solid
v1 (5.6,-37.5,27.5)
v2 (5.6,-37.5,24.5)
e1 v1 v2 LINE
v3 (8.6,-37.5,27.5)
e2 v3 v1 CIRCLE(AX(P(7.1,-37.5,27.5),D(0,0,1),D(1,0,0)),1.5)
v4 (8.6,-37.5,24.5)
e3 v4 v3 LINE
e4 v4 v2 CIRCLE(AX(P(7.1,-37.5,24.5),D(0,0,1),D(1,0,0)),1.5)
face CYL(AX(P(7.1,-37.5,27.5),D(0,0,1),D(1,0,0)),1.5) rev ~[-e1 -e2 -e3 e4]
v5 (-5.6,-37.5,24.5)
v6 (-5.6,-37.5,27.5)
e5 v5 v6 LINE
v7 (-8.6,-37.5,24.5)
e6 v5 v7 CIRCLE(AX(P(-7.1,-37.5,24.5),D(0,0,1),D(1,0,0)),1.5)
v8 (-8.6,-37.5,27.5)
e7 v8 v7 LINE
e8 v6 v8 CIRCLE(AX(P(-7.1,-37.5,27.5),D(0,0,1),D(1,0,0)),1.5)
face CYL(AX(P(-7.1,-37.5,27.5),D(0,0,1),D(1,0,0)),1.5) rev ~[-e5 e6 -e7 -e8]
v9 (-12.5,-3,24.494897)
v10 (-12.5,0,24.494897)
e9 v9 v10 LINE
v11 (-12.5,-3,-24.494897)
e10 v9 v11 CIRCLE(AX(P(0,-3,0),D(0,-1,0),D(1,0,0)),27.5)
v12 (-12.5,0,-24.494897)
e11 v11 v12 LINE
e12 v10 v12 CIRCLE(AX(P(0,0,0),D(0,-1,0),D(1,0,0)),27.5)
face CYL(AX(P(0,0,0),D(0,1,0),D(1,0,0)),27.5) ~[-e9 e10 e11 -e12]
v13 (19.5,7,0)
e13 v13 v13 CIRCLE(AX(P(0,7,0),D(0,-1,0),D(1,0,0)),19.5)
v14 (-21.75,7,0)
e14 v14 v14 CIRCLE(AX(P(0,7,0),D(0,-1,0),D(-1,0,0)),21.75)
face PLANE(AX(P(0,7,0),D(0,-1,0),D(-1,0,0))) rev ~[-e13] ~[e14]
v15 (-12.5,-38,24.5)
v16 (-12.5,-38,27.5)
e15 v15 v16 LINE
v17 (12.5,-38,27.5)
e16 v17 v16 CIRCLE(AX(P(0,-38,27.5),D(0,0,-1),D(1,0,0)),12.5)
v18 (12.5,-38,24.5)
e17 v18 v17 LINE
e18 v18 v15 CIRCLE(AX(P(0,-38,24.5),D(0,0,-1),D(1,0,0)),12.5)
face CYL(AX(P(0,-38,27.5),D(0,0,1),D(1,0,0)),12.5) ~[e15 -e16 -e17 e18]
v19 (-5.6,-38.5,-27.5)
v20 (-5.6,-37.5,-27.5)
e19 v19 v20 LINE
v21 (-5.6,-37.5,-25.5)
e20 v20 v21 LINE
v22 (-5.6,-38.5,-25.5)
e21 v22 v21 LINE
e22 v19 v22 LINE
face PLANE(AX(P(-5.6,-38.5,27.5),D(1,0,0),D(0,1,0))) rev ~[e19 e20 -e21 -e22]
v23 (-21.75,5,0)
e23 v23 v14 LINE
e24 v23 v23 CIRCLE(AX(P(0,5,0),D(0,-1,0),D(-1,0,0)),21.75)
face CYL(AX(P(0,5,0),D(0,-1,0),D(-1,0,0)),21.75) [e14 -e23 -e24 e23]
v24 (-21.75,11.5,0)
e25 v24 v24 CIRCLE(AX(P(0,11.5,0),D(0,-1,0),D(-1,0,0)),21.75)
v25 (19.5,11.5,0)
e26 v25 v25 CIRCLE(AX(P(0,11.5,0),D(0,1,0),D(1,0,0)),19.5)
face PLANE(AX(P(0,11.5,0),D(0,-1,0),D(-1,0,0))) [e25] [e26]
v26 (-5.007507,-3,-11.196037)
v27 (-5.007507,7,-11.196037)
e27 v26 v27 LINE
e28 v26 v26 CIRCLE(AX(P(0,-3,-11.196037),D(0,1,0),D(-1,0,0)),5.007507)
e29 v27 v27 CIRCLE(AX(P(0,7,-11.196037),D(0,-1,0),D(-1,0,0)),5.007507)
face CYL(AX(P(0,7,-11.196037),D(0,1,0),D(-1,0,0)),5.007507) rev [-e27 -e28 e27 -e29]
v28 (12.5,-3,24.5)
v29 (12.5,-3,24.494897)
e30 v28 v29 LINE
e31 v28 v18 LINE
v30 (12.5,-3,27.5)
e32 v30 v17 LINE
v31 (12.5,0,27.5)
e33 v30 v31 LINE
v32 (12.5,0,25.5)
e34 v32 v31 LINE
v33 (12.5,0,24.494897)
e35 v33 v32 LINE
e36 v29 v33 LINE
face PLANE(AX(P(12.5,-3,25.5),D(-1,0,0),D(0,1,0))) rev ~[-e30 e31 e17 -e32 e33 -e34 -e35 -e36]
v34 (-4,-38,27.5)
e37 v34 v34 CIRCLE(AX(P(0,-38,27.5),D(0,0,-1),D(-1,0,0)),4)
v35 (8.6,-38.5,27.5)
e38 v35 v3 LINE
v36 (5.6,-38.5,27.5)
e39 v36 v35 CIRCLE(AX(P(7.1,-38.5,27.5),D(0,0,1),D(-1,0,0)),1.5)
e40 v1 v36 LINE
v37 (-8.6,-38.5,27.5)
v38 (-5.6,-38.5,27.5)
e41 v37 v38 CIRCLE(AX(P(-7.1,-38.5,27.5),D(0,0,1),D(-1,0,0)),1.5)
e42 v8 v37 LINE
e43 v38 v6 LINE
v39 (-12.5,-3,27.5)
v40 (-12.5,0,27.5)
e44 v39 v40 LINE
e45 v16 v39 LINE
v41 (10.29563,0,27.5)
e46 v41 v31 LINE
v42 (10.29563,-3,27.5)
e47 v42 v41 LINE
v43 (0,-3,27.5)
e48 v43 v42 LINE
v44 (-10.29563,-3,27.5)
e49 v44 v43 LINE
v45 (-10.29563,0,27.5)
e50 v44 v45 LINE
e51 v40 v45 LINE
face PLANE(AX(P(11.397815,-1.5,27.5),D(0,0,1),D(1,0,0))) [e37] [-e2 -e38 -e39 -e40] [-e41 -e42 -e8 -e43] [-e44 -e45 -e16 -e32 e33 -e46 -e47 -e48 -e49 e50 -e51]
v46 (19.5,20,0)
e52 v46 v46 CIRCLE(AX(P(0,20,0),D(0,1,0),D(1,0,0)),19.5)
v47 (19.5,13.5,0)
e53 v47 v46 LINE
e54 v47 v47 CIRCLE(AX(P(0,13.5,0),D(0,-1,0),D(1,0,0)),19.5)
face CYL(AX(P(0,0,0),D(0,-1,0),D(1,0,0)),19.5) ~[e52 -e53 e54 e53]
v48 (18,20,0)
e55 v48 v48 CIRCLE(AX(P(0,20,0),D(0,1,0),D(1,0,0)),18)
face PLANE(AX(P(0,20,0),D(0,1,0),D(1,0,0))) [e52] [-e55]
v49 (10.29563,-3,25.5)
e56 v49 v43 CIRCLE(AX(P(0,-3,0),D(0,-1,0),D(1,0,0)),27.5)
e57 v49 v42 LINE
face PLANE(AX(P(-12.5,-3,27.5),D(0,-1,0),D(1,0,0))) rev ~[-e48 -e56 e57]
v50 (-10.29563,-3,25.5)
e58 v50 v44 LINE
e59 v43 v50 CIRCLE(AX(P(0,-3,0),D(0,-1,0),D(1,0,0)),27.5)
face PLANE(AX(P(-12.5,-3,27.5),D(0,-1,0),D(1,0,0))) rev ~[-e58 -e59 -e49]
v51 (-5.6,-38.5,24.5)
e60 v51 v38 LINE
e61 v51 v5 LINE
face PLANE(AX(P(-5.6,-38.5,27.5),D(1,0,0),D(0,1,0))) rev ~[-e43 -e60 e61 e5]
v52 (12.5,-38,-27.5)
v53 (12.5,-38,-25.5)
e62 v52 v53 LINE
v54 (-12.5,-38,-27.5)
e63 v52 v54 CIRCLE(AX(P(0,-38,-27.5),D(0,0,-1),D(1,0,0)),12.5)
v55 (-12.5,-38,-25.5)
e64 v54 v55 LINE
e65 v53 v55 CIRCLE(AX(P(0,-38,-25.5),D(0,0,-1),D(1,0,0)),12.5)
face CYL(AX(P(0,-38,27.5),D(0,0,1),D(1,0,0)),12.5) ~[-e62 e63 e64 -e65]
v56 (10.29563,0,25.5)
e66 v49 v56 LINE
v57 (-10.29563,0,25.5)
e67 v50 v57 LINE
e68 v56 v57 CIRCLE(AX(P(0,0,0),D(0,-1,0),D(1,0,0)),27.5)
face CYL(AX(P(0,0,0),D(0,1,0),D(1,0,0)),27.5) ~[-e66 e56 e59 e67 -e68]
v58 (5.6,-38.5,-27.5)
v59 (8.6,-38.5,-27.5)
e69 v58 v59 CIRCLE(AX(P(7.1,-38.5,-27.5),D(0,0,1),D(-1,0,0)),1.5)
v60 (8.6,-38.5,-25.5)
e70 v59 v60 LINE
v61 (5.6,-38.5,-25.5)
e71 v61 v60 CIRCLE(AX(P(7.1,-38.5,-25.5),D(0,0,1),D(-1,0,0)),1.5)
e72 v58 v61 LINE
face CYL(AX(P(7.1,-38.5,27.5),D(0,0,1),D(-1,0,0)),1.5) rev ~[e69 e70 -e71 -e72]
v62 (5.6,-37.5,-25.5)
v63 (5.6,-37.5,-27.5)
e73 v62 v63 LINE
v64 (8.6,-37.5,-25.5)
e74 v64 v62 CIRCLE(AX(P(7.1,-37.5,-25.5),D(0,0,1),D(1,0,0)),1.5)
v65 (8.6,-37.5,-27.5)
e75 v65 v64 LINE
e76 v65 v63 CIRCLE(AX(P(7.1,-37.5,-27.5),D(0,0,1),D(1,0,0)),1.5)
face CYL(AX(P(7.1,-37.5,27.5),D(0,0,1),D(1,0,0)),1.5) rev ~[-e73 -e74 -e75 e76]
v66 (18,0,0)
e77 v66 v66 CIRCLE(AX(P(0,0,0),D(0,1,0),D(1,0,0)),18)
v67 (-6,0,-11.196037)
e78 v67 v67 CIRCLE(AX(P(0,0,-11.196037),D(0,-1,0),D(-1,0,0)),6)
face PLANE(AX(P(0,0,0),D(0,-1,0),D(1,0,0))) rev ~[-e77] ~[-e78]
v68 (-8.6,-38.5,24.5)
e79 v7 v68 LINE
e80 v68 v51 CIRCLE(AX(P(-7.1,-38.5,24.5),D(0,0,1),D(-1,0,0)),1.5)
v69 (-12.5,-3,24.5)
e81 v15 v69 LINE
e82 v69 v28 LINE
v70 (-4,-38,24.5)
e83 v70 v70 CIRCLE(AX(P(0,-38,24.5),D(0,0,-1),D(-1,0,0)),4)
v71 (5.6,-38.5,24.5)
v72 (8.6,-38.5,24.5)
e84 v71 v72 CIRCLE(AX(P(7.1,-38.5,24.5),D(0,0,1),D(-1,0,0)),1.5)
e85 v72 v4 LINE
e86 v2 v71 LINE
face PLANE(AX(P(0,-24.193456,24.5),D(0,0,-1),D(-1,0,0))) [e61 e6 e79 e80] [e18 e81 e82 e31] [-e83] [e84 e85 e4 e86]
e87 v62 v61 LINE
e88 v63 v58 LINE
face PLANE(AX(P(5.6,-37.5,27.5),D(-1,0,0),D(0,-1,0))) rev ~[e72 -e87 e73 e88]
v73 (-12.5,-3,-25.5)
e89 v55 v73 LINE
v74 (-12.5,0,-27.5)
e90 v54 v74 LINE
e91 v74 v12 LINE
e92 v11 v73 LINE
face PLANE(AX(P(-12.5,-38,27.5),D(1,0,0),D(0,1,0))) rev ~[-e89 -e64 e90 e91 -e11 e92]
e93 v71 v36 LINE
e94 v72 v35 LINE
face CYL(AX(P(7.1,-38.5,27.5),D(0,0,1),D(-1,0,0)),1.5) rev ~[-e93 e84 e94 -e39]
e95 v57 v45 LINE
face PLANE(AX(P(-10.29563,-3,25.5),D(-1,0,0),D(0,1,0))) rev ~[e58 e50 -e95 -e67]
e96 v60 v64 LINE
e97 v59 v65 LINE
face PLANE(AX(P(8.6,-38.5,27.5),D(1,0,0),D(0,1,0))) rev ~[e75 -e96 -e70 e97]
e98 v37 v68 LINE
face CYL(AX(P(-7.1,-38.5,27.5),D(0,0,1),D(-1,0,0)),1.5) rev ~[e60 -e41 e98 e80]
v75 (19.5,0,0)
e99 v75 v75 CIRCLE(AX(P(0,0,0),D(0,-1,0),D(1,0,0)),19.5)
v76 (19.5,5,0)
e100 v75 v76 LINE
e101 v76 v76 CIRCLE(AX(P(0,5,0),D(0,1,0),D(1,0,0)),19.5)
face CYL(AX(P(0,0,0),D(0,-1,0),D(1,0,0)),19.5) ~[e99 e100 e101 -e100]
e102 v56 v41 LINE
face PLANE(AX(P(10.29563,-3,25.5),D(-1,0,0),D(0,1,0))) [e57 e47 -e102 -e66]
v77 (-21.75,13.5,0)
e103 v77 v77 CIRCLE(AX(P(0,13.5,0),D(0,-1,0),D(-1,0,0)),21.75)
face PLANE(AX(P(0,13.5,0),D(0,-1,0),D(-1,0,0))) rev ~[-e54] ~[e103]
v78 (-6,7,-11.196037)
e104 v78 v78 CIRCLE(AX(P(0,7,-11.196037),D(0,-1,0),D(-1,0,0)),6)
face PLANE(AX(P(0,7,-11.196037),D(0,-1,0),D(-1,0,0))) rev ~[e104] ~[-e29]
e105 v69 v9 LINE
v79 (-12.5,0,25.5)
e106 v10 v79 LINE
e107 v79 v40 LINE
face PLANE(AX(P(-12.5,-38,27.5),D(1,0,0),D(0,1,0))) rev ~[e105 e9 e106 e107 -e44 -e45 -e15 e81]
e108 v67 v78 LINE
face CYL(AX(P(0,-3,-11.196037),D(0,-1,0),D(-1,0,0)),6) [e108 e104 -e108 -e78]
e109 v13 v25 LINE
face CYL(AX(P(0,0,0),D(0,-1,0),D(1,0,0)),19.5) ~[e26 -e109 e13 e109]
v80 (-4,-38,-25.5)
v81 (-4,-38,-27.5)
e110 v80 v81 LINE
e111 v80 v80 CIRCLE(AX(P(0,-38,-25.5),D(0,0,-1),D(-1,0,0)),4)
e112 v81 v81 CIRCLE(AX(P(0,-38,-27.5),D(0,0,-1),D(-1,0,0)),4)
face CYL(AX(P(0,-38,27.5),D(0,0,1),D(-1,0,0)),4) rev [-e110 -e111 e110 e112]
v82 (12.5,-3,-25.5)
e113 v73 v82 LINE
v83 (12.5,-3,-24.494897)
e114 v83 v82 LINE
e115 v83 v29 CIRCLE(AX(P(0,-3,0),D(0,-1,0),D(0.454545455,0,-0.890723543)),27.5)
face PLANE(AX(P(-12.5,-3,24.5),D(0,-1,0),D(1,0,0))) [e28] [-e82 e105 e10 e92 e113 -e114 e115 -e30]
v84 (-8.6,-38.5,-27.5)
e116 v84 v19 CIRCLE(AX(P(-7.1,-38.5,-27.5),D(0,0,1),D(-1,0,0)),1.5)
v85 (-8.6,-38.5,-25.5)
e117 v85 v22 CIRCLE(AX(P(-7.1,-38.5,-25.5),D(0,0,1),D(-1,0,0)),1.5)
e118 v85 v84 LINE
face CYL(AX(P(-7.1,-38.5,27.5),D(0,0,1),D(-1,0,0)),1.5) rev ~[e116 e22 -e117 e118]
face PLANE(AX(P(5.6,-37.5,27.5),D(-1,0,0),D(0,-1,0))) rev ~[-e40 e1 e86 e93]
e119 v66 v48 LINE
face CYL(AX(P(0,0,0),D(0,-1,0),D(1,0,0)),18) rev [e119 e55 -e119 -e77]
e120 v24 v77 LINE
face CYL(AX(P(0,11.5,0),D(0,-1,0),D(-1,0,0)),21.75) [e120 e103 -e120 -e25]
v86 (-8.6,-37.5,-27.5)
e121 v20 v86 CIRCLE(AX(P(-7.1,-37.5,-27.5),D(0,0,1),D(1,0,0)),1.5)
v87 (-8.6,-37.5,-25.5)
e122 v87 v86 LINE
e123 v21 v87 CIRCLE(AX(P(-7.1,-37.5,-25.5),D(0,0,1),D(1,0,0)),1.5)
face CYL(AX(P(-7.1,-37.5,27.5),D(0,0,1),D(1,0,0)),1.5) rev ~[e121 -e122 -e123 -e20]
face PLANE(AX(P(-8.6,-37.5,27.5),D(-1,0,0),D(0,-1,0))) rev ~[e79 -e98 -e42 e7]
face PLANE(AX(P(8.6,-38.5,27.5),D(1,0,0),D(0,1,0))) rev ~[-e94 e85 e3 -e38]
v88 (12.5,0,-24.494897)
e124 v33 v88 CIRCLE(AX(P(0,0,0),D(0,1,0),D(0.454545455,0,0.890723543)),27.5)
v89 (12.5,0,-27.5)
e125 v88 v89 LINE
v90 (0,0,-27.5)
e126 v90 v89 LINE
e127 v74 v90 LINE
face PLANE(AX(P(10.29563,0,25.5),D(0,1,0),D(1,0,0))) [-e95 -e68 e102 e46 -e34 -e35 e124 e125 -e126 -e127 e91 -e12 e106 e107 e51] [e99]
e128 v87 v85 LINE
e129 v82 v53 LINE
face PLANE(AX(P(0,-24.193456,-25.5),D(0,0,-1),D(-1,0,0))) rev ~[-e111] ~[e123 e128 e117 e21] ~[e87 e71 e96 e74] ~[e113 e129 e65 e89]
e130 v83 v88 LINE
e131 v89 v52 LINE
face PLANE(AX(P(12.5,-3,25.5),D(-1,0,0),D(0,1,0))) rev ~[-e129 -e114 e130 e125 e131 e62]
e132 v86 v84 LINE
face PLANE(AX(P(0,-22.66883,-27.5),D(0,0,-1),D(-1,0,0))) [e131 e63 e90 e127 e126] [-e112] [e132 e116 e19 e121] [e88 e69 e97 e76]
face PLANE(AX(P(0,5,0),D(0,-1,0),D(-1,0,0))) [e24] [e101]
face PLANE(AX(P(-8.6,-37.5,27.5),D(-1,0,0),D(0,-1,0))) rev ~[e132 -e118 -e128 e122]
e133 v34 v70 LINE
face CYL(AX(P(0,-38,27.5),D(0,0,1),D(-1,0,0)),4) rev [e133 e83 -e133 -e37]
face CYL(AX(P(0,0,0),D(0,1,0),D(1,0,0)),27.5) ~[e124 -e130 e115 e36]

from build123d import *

# Parameters (mm, degrees)
SKETCH_1_R               = 19.5
SKETCH_1_R_2             = 18
EXTRUDE_1_DEPTH          = 20
SKETCH_3_R               = 27.5
EXTRUDE_2_DEPTH          = 3
SKETCH_10_R              = 6
SKETCH_10_R_2            = 5
EXTRUDE_6_DEPTH          = 10
CUT_EXTRUDE_4_DEPTH      = 19
CUT_EXTRUDE_4_DEPTH_BACK = 10
SKETCH_11_R              = 5.007506695
EXTRUDE_START            = 2
SKETCH_25_R              = 21.75
SKETCH_25_R_2            = 19.5
EXTRUDE_12_DEPTH         = 2
EXTRUDE_START_2          = -1
SKETCH_26_R              = 21.75
SKETCH_26_R_2            = 19.5
EXTRUDE_13_DEPTH         = 2
SKETCH_27_W              = 25
SKETCH_27_H              = 51
SKETCH_27_R              = 5.007506695
EXTRUDE_14_DEPTH         = 3
SKETCH_28_R              = 4
EXTRUDE_17_DEPTH         = 2
EXTRUDE_START_3          = -53
SKETCH_28_15_R           = 4
EXTRUDE_19_DEPTH         = 53
SKETCH_32_W              = 2.204369859
SKETCH_32_H              = 3
EXTRUDE_20_DEPTH         = 2
CUT_EXTRUDE_START        = -50
SKETCH_28_18_R           = 4
CUT_EXTRUDE_8_DEPTH      = 50


with BuildPart() as part:
    # 草圖1 → 填料-伸長1 (new body)
    with BuildSketch(Plane(origin=(0, 0, 0), x_dir=(1, 0, 0), z_dir=(0, 1, 0))):
        Circle(SKETCH_1_R)
        Circle(SKETCH_1_R_2, mode=Mode.SUBTRACT)
    extrude(amount=EXTRUDE_1_DEPTH)

    # 草圖3 → 填料-伸長2 (add)
    with BuildSketch(Plane.XZ):
        Circle(SKETCH_3_R)
    extrude(amount=EXTRUDE_2_DEPTH)

    # 草圖10 → 填料-伸長6 (add)
    with BuildSketch(Plane(origin=(0, -3, 0), x_dir=(-1, 0, 0), z_dir=(0, -1, 0))):
        with Locations((0, 11.196036894)):
            Circle(SKETCH_10_R)
        with Locations((0, 11.196036894)):
            Circle(SKETCH_10_R_2, mode=Mode.SUBTRACT)
    extrude(amount=-EXTRUDE_6_DEPTH)

    # 草圖11 → 除料-伸長4 (cut, two sides: drawn at the far end of the back side and taken through both)
    with BuildSketch(Plane(origin=(0, -3, 0), x_dir=(-1, 0, 0), z_dir=(0, -1, 0)).offset(-CUT_EXTRUDE_4_DEPTH_BACK)):
        with Locations((0, 11.196036894)):
            Circle(SKETCH_11_R)
    extrude(amount=CUT_EXTRUDE_4_DEPTH + CUT_EXTRUDE_4_DEPTH_BACK, mode=Mode.SUBTRACT)

    # 草圖25 → 填料-伸長12 (add)
    with BuildSketch(Plane(origin=(0, 7, 0), x_dir=(-1, 0, 0), z_dir=(0, -1, 0)).offset(EXTRUDE_START)):
        Circle(SKETCH_25_R)
        Circle(SKETCH_25_R_2, mode=Mode.SUBTRACT)
    extrude(amount=-EXTRUDE_12_DEPTH)

    # 草圖26 → 填料-伸長13 (add)
    with BuildSketch(Plane(origin=(0, 10.5, 0), x_dir=(-1, 0, 0), z_dir=(0, -1, 0)).offset(EXTRUDE_START_2)):
        Circle(SKETCH_26_R)
        Circle(SKETCH_26_R_2, mode=Mode.SUBTRACT)
    extrude(amount=-EXTRUDE_13_DEPTH)

    # 草圖27 → 填料-伸長14 (add)
    with BuildSketch(Plane.XZ.offset(3)):
        Rectangle(SKETCH_27_W, SKETCH_27_H)
        with Locations((0, -11.196036894)):
            Circle(SKETCH_27_R, mode=Mode.SUBTRACT)
    extrude(amount=-EXTRUDE_14_DEPTH)

    # 草圖28 → 填料-伸長17 (add)
    with BuildSketch(Plane(origin=(0, 0, -25.5), x_dir=(-1, 0, 0), z_dir=(0, 0, -1))):
        with BuildLine():
            Line((12.5, 0), (-12.5, 0))
            Line((-12.5, 0), (-12.5, -38))
            ThreePointArc((-12.5, -38), (0, -50.5), (12.5, -38))
            Line((12.5, -38), (12.5, 0))
        make_face()
        with BuildLine():
            Line((8.6, -37.5), (8.6, -38.5))
            ThreePointArc((8.6, -38.5), (7.1, -40), (5.6, -38.5))
            Line((5.6, -38.5), (5.6, -37.5))
            ThreePointArc((5.6, -37.5), (7.1, -36), (8.6, -37.5))
        make_face(mode=Mode.SUBTRACT)
        with Locations((0, -38)):
            Circle(SKETCH_28_R, mode=Mode.SUBTRACT)
        with BuildLine():
            Line((-5.6, -37.5), (-5.6, -38.5))
            ThreePointArc((-5.6, -38.5), (-7.1, -40), (-8.6, -38.5))
            Line((-8.6, -38.5), (-8.6, -37.5))
            ThreePointArc((-8.6, -37.5), (-7.1, -36), (-5.6, -37.5))
        make_face(mode=Mode.SUBTRACT)
    extrude(amount=EXTRUDE_17_DEPTH)

    # 草圖28<15> → 填料-伸長19 (add)
    with BuildSketch(Plane(origin=(0, 0, -25.5), x_dir=(-1, 0, 0), z_dir=(0, 0, -1)).offset(EXTRUDE_START_3)):
        with BuildLine():
            Line((12.5, -38), (12.5, -3))
            Line((12.5, -3), (-12.5, -3))
            Line((-12.5, -3), (-12.5, -38))
            ThreePointArc((-12.5, -38), (0, -50.5), (12.5, -38))
        make_face()
        with BuildLine():
            Line((8.6, -37.5), (8.6, -38.5))
            ThreePointArc((8.6, -38.5), (7.1, -40), (5.6, -38.5))
            Line((5.6, -38.5), (5.6, -37.5))
            ThreePointArc((5.6, -37.5), (7.1, -36), (8.6, -37.5))
        make_face(mode=Mode.SUBTRACT)
        with Locations((0, -38)):
            Circle(SKETCH_28_15_R, mode=Mode.SUBTRACT)
        with BuildLine():
            Line((-5.6, -37.5), (-5.6, -38.5))
            ThreePointArc((-5.6, -38.5), (-7.1, -40), (-8.6, -38.5))
            Line((-8.6, -38.5), (-8.6, -37.5))
            ThreePointArc((-8.6, -37.5), (-7.1, -36), (-5.6, -37.5))
        make_face(mode=Mode.SUBTRACT)
    extrude(amount=EXTRUDE_19_DEPTH)

    # 草圖32 → 填料-伸長20 (add)
    with BuildSketch(Plane.XY.offset(25.5)):
        with Locations((11.397815071, -1.5)):
            Rectangle(SKETCH_32_W, SKETCH_32_H)
        with Locations((-11.397815071, -1.5)):
            Rectangle(SKETCH_32_W, SKETCH_32_H)
    extrude(amount=EXTRUDE_20_DEPTH)

    # 草圖28<18> → 除料-伸長8 (cut)
    with BuildSketch(Plane(origin=(0, 0, -25.5), x_dir=(-1, 0, 0), z_dir=(0, 0, -1)).offset(CUT_EXTRUDE_START)):
        with BuildLine():
            Line((12.5, -38), (12.5, -3))
            Line((12.5, -3), (-12.5, -3))
            Line((-12.5, -3), (-12.5, -38))
            ThreePointArc((-12.5, -38), (0, -50.5), (12.5, -38))
        make_face()
        with BuildLine():
            Line((8.6, -37.5), (8.6, -38.5))
            ThreePointArc((8.6, -38.5), (7.1, -40), (5.6, -38.5))
            Line((5.6, -38.5), (5.6, -37.5))
            ThreePointArc((5.6, -37.5), (7.1, -36), (8.6, -37.5))
        make_face(mode=Mode.SUBTRACT)
        with Locations((0, -38)):
            Circle(SKETCH_28_18_R, mode=Mode.SUBTRACT)
        with BuildLine():
            Line((-5.6, -37.5), (-5.6, -38.5))
            ThreePointArc((-5.6, -38.5), (-7.1, -40), (-8.6, -38.5))
            Line((-8.6, -38.5), (-8.6, -37.5))
            ThreePointArc((-8.6, -37.5), (-7.1, -36), (-5.6, -37.5))
        make_face(mode=Mode.SUBTRACT)
    extrude(amount=CUT_EXTRUDE_8_DEPTH, mode=Mode.SUBTRACT)


solid = part.part
